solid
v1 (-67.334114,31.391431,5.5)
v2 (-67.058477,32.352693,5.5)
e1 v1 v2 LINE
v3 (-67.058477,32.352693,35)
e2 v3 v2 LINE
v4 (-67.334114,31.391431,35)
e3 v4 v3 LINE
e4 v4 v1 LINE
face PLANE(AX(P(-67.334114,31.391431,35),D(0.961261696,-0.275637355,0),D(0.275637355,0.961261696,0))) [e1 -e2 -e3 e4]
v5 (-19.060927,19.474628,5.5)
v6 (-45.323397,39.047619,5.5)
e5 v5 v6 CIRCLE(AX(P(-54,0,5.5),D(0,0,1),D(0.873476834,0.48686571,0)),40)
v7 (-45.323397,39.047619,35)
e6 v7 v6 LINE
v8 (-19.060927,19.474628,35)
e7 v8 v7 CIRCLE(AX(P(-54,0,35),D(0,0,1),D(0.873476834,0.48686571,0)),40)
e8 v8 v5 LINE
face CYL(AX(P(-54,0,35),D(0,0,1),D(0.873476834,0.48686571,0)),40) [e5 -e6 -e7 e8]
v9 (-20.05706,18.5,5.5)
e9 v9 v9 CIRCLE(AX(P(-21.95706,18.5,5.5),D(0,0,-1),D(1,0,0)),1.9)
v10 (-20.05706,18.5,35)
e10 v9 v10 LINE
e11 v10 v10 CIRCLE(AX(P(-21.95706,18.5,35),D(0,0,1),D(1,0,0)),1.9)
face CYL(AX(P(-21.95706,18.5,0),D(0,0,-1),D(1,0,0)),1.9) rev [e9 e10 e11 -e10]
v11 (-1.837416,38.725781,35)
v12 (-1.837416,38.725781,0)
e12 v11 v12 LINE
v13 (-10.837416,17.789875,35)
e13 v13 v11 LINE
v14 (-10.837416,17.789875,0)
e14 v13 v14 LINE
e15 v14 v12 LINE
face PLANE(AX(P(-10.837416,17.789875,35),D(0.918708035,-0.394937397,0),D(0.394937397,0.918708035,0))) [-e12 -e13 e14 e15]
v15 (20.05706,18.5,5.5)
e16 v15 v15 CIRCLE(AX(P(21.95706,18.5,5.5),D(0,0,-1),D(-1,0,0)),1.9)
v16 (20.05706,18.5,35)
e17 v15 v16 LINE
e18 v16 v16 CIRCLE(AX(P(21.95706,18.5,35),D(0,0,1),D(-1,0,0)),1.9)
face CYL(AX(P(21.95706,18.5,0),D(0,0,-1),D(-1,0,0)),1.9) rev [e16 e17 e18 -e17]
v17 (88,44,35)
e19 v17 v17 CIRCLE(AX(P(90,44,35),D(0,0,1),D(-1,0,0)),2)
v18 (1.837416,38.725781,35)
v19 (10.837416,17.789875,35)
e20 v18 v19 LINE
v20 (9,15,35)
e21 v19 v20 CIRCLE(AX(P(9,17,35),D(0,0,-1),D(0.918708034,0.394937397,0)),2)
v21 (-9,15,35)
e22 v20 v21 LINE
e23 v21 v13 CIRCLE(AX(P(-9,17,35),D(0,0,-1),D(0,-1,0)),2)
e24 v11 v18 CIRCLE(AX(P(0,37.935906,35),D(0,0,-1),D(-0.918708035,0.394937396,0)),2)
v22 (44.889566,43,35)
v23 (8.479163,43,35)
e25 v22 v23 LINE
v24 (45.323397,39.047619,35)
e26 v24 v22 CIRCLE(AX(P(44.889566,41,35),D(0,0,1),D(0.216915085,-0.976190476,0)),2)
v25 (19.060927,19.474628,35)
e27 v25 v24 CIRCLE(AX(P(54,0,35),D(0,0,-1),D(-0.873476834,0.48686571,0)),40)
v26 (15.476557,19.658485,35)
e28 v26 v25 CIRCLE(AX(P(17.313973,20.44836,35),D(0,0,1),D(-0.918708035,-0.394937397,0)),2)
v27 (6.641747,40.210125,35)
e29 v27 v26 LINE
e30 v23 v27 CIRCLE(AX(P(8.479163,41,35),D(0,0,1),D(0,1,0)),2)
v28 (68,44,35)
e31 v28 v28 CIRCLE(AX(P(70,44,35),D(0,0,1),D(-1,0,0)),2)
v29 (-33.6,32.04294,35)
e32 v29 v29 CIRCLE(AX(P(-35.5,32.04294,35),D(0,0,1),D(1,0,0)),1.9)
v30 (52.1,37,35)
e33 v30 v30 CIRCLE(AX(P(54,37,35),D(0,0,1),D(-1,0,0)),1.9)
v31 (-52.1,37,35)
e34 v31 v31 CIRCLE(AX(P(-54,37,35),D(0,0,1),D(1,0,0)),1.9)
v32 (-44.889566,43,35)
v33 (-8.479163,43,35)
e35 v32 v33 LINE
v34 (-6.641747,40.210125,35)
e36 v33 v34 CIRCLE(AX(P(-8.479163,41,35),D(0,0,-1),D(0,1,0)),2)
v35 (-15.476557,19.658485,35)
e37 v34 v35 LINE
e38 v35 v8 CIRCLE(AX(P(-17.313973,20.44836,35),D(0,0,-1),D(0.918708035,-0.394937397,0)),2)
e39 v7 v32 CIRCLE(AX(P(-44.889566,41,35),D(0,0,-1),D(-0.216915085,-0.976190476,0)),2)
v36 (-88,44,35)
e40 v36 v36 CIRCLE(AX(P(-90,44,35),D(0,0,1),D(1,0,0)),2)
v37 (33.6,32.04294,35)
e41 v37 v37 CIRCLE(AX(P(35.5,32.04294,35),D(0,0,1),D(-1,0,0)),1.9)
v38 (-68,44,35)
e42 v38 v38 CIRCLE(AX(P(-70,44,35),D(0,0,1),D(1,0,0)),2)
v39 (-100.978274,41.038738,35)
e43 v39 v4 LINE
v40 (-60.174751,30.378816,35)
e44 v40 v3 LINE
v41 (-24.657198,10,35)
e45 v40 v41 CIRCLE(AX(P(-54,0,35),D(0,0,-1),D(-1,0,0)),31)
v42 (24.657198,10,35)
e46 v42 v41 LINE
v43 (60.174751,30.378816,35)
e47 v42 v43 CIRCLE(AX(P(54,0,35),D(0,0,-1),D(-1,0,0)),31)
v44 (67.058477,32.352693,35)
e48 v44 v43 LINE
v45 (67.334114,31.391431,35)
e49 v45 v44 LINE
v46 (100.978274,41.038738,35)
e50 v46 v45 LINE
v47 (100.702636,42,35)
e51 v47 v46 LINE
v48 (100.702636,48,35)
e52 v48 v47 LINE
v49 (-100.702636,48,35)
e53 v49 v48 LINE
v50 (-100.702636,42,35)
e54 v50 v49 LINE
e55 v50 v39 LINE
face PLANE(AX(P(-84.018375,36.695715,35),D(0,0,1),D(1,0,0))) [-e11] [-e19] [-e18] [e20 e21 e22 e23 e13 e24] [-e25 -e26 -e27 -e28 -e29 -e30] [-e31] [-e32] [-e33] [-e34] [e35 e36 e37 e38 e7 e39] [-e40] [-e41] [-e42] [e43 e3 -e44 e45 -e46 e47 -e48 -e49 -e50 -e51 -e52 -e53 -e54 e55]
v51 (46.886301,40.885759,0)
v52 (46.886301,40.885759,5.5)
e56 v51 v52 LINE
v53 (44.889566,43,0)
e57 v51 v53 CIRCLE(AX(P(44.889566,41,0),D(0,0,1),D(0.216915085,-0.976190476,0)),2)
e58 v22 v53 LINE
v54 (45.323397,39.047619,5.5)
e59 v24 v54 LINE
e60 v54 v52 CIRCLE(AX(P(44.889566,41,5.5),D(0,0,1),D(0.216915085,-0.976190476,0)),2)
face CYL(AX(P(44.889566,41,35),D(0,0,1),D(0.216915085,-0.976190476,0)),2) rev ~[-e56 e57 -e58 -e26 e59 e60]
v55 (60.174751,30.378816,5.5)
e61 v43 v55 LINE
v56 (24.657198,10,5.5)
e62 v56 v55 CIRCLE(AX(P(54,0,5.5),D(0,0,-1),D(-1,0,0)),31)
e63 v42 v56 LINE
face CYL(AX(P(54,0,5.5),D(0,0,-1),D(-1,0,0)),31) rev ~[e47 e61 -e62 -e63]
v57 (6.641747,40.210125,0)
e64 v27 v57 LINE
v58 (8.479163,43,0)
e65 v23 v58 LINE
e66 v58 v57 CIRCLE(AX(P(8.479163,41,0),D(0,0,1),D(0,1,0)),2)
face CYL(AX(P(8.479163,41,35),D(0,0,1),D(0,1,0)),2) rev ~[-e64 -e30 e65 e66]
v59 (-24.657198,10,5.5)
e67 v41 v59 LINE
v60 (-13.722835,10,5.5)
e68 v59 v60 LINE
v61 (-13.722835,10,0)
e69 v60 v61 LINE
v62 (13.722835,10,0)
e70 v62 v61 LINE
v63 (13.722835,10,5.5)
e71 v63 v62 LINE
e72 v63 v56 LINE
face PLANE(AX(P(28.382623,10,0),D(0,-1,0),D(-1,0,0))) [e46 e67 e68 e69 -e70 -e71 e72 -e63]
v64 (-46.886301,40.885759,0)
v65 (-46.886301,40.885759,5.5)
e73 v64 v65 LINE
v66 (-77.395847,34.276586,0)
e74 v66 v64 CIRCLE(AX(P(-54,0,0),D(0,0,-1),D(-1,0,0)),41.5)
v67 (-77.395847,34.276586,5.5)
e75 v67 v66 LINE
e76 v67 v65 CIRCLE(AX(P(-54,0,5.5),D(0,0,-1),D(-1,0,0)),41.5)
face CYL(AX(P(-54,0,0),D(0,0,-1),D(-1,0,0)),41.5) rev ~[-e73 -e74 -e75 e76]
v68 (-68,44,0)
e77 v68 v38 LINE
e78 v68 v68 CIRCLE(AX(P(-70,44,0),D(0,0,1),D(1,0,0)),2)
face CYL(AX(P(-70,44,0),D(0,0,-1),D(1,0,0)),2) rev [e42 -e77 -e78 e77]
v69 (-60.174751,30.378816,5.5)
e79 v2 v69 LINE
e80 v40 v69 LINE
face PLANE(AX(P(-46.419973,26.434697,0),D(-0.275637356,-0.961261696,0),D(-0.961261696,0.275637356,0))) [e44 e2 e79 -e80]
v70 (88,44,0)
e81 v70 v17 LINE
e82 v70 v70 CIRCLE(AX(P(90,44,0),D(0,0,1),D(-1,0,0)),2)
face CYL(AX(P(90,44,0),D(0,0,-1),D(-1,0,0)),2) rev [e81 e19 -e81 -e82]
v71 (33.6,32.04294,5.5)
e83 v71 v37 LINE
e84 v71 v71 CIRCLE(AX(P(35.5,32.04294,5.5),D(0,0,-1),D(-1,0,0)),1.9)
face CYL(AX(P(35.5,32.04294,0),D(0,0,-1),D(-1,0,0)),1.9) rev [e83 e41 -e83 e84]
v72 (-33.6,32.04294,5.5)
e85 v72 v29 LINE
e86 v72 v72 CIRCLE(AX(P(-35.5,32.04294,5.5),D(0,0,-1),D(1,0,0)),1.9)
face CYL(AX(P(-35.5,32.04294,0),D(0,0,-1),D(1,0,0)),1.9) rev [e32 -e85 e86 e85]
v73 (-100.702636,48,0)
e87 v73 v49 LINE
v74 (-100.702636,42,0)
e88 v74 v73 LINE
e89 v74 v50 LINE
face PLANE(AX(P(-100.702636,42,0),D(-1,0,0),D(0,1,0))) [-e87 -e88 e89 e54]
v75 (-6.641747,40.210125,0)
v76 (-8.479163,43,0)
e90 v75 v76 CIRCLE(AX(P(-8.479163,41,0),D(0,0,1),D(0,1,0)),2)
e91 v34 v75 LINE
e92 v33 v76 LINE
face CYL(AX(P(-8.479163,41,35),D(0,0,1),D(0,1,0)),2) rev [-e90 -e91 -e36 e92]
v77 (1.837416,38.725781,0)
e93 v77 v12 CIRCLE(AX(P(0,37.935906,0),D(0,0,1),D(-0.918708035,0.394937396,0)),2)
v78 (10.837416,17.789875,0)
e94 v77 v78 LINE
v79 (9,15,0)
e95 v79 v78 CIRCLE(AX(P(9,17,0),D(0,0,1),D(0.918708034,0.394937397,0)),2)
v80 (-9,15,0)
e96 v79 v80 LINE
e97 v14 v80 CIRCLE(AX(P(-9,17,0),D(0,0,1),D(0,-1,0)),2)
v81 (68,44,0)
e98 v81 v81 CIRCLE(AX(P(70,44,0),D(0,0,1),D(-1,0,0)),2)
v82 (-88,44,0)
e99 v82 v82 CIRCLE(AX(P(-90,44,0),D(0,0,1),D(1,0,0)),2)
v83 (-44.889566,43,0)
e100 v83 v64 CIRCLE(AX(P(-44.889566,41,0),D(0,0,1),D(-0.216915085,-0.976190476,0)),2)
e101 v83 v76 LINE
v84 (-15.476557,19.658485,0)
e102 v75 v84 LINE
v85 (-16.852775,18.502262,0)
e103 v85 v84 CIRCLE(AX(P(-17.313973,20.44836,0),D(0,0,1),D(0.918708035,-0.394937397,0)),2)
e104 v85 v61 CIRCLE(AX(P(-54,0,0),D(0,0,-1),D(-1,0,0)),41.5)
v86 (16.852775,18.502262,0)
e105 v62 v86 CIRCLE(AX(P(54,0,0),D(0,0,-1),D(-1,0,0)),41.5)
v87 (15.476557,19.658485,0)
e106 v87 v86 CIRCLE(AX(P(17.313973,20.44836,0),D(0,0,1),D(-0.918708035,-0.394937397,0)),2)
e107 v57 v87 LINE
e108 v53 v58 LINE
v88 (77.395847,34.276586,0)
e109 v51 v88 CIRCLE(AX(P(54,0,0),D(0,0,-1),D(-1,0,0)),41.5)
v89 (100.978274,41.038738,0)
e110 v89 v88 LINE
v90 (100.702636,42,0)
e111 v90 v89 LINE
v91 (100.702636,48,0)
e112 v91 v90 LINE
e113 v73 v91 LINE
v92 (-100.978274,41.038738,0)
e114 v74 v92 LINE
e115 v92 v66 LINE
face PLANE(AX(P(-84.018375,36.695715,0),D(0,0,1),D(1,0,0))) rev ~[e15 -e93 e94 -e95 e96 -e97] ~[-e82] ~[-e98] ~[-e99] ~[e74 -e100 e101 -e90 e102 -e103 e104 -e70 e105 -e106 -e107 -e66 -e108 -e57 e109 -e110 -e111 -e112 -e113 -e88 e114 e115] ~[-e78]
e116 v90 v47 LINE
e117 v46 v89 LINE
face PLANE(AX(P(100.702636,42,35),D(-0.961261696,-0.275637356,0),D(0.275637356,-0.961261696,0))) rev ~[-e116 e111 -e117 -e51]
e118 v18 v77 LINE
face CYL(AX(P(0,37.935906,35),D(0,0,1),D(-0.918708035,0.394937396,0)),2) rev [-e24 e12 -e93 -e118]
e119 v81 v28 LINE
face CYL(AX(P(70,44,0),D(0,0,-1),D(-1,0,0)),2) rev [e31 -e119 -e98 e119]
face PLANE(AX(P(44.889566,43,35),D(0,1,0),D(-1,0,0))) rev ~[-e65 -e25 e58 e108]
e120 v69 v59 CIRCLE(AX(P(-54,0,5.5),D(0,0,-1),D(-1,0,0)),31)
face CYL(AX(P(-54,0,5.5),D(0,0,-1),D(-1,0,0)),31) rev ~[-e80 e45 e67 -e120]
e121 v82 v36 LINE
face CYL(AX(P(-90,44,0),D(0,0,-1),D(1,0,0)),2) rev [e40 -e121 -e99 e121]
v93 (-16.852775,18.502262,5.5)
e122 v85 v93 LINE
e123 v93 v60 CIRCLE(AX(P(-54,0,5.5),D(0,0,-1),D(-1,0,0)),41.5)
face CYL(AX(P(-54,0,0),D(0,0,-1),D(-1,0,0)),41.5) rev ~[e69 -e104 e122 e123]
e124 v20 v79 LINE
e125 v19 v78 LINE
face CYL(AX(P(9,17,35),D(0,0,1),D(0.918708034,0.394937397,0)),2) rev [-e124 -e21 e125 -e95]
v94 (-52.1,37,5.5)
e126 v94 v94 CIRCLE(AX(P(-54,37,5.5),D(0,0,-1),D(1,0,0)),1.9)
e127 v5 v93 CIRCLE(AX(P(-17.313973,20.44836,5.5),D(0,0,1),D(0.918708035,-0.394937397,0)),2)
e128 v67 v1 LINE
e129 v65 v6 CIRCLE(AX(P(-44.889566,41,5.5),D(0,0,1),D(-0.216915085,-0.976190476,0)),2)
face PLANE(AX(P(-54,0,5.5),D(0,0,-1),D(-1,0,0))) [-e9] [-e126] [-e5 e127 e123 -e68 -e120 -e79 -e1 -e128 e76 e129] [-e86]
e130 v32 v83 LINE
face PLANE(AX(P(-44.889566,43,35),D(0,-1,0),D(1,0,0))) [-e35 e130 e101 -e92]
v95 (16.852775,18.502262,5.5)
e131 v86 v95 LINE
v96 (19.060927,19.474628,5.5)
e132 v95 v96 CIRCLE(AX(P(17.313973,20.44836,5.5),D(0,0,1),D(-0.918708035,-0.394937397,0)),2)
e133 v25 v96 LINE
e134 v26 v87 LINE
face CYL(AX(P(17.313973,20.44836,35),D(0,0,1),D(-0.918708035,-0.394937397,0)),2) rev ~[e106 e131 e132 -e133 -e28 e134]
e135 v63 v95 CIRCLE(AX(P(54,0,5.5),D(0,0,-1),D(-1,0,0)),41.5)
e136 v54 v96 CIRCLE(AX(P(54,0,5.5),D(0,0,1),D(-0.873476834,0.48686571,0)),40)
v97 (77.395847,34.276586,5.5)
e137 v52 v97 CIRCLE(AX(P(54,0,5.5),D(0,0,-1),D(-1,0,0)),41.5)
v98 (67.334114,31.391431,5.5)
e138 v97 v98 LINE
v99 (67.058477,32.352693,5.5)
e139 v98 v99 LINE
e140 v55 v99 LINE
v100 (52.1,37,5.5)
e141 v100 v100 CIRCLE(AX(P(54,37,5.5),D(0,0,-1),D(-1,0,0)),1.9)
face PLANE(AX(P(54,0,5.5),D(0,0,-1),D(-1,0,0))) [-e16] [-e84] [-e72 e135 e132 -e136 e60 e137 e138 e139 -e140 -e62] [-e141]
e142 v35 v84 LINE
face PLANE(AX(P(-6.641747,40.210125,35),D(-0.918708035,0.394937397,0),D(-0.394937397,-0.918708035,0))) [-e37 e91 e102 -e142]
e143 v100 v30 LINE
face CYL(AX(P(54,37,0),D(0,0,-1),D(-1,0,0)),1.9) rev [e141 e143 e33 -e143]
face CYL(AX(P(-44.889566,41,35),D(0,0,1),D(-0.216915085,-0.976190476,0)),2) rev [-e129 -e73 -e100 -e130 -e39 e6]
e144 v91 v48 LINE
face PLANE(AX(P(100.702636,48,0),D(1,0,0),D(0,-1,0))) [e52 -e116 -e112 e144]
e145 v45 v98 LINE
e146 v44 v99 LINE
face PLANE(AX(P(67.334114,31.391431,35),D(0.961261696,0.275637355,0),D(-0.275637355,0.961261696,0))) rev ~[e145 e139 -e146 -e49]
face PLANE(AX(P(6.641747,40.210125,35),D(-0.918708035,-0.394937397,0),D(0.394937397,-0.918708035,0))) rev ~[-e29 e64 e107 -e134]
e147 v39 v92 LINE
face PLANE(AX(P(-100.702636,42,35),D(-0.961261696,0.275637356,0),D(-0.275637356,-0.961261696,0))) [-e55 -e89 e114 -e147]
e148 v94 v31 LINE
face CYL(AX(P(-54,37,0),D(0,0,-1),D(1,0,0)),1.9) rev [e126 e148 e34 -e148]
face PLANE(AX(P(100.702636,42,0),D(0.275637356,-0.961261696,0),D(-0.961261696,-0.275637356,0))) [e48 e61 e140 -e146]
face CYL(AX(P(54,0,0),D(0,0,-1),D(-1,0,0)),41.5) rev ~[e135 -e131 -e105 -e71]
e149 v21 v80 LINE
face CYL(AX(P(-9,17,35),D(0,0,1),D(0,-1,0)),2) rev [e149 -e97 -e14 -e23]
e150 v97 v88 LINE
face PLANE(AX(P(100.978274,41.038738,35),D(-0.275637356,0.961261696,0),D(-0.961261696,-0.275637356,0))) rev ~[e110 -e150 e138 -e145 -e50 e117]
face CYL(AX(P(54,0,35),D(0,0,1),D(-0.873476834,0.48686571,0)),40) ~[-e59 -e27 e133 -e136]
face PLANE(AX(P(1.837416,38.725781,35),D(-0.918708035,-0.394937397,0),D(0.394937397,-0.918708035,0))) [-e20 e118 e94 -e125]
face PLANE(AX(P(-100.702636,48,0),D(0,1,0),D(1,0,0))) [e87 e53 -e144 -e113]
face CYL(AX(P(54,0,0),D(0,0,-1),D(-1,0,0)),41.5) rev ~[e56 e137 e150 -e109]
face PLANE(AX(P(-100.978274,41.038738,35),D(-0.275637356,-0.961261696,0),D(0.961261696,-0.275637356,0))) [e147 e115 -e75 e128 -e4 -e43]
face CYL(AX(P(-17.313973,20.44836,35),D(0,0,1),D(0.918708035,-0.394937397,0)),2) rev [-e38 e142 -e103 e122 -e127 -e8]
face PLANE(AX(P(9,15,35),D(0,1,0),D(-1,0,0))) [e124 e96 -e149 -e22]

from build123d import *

# Parameters (mm, degrees)
SKETCH_1_R          = 1.9
SKETCH_1_R_2        = 2
EXTRUDE_1_DEPTH     = 35
EXTRUDE_2_DEPTH     = 35
CUT_EXTRUDE_1_DEPTH = 118.156356153
SKETCH_4_R          = 41.5
CUT_EXTRUDE_2_DEPTH = 5.5
SKETCH_5_R          = 31
CUT_EXTRUDE_3_DEPTH = 116.632442624


with BuildPart() as part:
    # 草图1 → 凸台-拉伸1 (new body)
    with BuildSketch(Plane.XY):
        with BuildLine():
            Line((-46.419972715, 26.434696638), (-100.702636481, 42))
            Line((-100.702636481, 42), (-100.702636481, 48))
            Line((-100.702636481, 48), (100.702636481, 48))
            Line((100.702636481, 48), (100.702636481, 42))
            Line((100.702636481, 42), (46.419972715, 26.434696638))
            ThreePointArc((46.419972715, 26.434696638), (35.478614393, 20.327525063), (28.382623085, 10))
            Line((28.382623085, 10), (-28.382623085, 10))
            ThreePointArc((-28.382623085, 10), (-35.478614393, 20.327525063), (-46.419972715, 26.434696638))
        make_face()
        with Locations((-54, 37)):
            Circle(SKETCH_1_R, mode=Mode.SUBTRACT)
        with Locations((-35.5, 32.04293994)):
            Circle(SKETCH_1_R, mode=Mode.SUBTRACT)
        with Locations((-21.95706006, 18.5)):
            Circle(SKETCH_1_R, mode=Mode.SUBTRACT)
        with Locations(Location((21.95706006, 18.5, 0), (0, 0, 180))):
            Circle(SKETCH_1_R, mode=Mode.SUBTRACT)
        with Locations(Location((35.5, 32.04293994, 0), (0, 0, 180))):
            Circle(SKETCH_1_R, mode=Mode.SUBTRACT)
        with Locations(Location((54, 37, 0), (0, 0, 180))):
            Circle(SKETCH_1_R, mode=Mode.SUBTRACT)
        with Locations((-90, 44)):
            Circle(SKETCH_1_R_2, mode=Mode.SUBTRACT)
        with Locations((-70, 44)):
            Circle(SKETCH_1_R_2, mode=Mode.SUBTRACT)
        with Locations(Location((70, 44, 0), (0, 0, 180))):
            Circle(SKETCH_1_R_2, mode=Mode.SUBTRACT)
        with Locations(Location((90, 44, 0), (0, 0, 180))):
            Circle(SKETCH_1_R_2, mode=Mode.SUBTRACT)
    extrude(amount=EXTRUDE_1_DEPTH)

    # 草图2 → 凸台-拉伸2 (add)
    with BuildSketch(Plane.XY.offset(35)):
        Polygon((-100.702636481, 42), (-100.978273837, 41.038738304), (-67.334114479, 31.39143085), (-67.058477124, 32.352692546), align=None)
        Polygon((67.058477124, 32.352692546), (100.702636481, 42), (100.978273837, 41.038738304), (67.334114479, 31.39143085), align=None)
    extrude(amount=-EXTRUDE_2_DEPTH)

    # 草图3 → 切除-拉伸1 (cut, through all)
    with BuildSketch(Plane.XY.offset(35)):
        with BuildLine():
            Line((-6.641746516, 40.210125207), (-15.476556882, 19.658485028))
            ThreePointArc((-15.476556882, 19.658485028), (-17.211519663, 18.450985714), (-19.06092662, 19.474628401))
            ThreePointArc((-19.06092662, 19.474628401), (-30.09691848, 32.072460053), (-45.323396591, 39.047619048))
            ThreePointArc((-45.323396591, 39.047619048), (-46.877626016, 41.21821789), (-44.889566421, 43))
            Line((-44.889566421, 43), (-8.479162585, 43))
            ThreePointArc((-8.479162585, 43), (-6.808870756, 42.100056911), (-6.641746516, 40.210125207))
        make_face()
        with BuildLine():
            Line((-10.837416069, 17.789874793), (-1.837416069, 38.725781047))
            ThreePointArc((-1.837416069, 38.725781047), (0, 39.935906254), (1.837416069, 38.725781047))
            Line((1.837416069, 38.725781047), (10.837416069, 17.789874793))
            ThreePointArc((10.837416069, 17.789874793), (10.670291829, 15.899943089), (9, 15))
            Line((9, 15), (-9, 15))
            ThreePointArc((-9, 15), (-10.670291829, 15.899943089), (-10.837416069, 17.789874793))
        make_face()
        with BuildLine():
            Line((44.889566421, 43), (8.479162585, 43))
            ThreePointArc((8.479162585, 43), (6.808870756, 42.100056911), (6.641746516, 40.210125207))
            Line((6.641746516, 40.210125207), (15.476556882, 19.658485028))
            ThreePointArc((15.476556882, 19.658485028), (17.211519663, 18.450985714), (19.06092662, 19.474628401))
            ThreePointArc((19.06092662, 19.474628401), (30.09691848, 32.072460053), (45.323396591, 39.047619048))
            ThreePointArc((45.323396591, 39.047619048), (46.877626016, 41.21821789), (44.889566421, 43))
        make_face()
    extrude(amount=-CUT_EXTRUDE_1_DEPTH, mode=Mode.SUBTRACT)

    # 草图4 → 切除-拉伸2 (cut)
    with BuildSketch(Plane(origin=(0, 0, 0), x_dir=(-1, 0, 0), z_dir=(0, 0, -1))):
        with Locations((54, 0)):
            Circle(SKETCH_4_R)
        with Locations((-54, 0)):
            Circle(SKETCH_4_R)
    extrude(amount=-CUT_EXTRUDE_2_DEPTH, mode=Mode.SUBTRACT)

    # 草图5 → 切除-拉伸3 (cut, through all)
    with BuildSketch(Plane(origin=(0, 0, 5.5), x_dir=(-1, 0, 0), z_dir=(0, 0, -1))):
        with Locations((-54, 0)):
            Circle(SKETCH_5_R)
        with Locations((54, 0)):
            Circle(SKETCH_5_R)
    extrude(amount=-CUT_EXTRUDE_3_DEPTH, mode=Mode.SUBTRACT)


solid = part.part
